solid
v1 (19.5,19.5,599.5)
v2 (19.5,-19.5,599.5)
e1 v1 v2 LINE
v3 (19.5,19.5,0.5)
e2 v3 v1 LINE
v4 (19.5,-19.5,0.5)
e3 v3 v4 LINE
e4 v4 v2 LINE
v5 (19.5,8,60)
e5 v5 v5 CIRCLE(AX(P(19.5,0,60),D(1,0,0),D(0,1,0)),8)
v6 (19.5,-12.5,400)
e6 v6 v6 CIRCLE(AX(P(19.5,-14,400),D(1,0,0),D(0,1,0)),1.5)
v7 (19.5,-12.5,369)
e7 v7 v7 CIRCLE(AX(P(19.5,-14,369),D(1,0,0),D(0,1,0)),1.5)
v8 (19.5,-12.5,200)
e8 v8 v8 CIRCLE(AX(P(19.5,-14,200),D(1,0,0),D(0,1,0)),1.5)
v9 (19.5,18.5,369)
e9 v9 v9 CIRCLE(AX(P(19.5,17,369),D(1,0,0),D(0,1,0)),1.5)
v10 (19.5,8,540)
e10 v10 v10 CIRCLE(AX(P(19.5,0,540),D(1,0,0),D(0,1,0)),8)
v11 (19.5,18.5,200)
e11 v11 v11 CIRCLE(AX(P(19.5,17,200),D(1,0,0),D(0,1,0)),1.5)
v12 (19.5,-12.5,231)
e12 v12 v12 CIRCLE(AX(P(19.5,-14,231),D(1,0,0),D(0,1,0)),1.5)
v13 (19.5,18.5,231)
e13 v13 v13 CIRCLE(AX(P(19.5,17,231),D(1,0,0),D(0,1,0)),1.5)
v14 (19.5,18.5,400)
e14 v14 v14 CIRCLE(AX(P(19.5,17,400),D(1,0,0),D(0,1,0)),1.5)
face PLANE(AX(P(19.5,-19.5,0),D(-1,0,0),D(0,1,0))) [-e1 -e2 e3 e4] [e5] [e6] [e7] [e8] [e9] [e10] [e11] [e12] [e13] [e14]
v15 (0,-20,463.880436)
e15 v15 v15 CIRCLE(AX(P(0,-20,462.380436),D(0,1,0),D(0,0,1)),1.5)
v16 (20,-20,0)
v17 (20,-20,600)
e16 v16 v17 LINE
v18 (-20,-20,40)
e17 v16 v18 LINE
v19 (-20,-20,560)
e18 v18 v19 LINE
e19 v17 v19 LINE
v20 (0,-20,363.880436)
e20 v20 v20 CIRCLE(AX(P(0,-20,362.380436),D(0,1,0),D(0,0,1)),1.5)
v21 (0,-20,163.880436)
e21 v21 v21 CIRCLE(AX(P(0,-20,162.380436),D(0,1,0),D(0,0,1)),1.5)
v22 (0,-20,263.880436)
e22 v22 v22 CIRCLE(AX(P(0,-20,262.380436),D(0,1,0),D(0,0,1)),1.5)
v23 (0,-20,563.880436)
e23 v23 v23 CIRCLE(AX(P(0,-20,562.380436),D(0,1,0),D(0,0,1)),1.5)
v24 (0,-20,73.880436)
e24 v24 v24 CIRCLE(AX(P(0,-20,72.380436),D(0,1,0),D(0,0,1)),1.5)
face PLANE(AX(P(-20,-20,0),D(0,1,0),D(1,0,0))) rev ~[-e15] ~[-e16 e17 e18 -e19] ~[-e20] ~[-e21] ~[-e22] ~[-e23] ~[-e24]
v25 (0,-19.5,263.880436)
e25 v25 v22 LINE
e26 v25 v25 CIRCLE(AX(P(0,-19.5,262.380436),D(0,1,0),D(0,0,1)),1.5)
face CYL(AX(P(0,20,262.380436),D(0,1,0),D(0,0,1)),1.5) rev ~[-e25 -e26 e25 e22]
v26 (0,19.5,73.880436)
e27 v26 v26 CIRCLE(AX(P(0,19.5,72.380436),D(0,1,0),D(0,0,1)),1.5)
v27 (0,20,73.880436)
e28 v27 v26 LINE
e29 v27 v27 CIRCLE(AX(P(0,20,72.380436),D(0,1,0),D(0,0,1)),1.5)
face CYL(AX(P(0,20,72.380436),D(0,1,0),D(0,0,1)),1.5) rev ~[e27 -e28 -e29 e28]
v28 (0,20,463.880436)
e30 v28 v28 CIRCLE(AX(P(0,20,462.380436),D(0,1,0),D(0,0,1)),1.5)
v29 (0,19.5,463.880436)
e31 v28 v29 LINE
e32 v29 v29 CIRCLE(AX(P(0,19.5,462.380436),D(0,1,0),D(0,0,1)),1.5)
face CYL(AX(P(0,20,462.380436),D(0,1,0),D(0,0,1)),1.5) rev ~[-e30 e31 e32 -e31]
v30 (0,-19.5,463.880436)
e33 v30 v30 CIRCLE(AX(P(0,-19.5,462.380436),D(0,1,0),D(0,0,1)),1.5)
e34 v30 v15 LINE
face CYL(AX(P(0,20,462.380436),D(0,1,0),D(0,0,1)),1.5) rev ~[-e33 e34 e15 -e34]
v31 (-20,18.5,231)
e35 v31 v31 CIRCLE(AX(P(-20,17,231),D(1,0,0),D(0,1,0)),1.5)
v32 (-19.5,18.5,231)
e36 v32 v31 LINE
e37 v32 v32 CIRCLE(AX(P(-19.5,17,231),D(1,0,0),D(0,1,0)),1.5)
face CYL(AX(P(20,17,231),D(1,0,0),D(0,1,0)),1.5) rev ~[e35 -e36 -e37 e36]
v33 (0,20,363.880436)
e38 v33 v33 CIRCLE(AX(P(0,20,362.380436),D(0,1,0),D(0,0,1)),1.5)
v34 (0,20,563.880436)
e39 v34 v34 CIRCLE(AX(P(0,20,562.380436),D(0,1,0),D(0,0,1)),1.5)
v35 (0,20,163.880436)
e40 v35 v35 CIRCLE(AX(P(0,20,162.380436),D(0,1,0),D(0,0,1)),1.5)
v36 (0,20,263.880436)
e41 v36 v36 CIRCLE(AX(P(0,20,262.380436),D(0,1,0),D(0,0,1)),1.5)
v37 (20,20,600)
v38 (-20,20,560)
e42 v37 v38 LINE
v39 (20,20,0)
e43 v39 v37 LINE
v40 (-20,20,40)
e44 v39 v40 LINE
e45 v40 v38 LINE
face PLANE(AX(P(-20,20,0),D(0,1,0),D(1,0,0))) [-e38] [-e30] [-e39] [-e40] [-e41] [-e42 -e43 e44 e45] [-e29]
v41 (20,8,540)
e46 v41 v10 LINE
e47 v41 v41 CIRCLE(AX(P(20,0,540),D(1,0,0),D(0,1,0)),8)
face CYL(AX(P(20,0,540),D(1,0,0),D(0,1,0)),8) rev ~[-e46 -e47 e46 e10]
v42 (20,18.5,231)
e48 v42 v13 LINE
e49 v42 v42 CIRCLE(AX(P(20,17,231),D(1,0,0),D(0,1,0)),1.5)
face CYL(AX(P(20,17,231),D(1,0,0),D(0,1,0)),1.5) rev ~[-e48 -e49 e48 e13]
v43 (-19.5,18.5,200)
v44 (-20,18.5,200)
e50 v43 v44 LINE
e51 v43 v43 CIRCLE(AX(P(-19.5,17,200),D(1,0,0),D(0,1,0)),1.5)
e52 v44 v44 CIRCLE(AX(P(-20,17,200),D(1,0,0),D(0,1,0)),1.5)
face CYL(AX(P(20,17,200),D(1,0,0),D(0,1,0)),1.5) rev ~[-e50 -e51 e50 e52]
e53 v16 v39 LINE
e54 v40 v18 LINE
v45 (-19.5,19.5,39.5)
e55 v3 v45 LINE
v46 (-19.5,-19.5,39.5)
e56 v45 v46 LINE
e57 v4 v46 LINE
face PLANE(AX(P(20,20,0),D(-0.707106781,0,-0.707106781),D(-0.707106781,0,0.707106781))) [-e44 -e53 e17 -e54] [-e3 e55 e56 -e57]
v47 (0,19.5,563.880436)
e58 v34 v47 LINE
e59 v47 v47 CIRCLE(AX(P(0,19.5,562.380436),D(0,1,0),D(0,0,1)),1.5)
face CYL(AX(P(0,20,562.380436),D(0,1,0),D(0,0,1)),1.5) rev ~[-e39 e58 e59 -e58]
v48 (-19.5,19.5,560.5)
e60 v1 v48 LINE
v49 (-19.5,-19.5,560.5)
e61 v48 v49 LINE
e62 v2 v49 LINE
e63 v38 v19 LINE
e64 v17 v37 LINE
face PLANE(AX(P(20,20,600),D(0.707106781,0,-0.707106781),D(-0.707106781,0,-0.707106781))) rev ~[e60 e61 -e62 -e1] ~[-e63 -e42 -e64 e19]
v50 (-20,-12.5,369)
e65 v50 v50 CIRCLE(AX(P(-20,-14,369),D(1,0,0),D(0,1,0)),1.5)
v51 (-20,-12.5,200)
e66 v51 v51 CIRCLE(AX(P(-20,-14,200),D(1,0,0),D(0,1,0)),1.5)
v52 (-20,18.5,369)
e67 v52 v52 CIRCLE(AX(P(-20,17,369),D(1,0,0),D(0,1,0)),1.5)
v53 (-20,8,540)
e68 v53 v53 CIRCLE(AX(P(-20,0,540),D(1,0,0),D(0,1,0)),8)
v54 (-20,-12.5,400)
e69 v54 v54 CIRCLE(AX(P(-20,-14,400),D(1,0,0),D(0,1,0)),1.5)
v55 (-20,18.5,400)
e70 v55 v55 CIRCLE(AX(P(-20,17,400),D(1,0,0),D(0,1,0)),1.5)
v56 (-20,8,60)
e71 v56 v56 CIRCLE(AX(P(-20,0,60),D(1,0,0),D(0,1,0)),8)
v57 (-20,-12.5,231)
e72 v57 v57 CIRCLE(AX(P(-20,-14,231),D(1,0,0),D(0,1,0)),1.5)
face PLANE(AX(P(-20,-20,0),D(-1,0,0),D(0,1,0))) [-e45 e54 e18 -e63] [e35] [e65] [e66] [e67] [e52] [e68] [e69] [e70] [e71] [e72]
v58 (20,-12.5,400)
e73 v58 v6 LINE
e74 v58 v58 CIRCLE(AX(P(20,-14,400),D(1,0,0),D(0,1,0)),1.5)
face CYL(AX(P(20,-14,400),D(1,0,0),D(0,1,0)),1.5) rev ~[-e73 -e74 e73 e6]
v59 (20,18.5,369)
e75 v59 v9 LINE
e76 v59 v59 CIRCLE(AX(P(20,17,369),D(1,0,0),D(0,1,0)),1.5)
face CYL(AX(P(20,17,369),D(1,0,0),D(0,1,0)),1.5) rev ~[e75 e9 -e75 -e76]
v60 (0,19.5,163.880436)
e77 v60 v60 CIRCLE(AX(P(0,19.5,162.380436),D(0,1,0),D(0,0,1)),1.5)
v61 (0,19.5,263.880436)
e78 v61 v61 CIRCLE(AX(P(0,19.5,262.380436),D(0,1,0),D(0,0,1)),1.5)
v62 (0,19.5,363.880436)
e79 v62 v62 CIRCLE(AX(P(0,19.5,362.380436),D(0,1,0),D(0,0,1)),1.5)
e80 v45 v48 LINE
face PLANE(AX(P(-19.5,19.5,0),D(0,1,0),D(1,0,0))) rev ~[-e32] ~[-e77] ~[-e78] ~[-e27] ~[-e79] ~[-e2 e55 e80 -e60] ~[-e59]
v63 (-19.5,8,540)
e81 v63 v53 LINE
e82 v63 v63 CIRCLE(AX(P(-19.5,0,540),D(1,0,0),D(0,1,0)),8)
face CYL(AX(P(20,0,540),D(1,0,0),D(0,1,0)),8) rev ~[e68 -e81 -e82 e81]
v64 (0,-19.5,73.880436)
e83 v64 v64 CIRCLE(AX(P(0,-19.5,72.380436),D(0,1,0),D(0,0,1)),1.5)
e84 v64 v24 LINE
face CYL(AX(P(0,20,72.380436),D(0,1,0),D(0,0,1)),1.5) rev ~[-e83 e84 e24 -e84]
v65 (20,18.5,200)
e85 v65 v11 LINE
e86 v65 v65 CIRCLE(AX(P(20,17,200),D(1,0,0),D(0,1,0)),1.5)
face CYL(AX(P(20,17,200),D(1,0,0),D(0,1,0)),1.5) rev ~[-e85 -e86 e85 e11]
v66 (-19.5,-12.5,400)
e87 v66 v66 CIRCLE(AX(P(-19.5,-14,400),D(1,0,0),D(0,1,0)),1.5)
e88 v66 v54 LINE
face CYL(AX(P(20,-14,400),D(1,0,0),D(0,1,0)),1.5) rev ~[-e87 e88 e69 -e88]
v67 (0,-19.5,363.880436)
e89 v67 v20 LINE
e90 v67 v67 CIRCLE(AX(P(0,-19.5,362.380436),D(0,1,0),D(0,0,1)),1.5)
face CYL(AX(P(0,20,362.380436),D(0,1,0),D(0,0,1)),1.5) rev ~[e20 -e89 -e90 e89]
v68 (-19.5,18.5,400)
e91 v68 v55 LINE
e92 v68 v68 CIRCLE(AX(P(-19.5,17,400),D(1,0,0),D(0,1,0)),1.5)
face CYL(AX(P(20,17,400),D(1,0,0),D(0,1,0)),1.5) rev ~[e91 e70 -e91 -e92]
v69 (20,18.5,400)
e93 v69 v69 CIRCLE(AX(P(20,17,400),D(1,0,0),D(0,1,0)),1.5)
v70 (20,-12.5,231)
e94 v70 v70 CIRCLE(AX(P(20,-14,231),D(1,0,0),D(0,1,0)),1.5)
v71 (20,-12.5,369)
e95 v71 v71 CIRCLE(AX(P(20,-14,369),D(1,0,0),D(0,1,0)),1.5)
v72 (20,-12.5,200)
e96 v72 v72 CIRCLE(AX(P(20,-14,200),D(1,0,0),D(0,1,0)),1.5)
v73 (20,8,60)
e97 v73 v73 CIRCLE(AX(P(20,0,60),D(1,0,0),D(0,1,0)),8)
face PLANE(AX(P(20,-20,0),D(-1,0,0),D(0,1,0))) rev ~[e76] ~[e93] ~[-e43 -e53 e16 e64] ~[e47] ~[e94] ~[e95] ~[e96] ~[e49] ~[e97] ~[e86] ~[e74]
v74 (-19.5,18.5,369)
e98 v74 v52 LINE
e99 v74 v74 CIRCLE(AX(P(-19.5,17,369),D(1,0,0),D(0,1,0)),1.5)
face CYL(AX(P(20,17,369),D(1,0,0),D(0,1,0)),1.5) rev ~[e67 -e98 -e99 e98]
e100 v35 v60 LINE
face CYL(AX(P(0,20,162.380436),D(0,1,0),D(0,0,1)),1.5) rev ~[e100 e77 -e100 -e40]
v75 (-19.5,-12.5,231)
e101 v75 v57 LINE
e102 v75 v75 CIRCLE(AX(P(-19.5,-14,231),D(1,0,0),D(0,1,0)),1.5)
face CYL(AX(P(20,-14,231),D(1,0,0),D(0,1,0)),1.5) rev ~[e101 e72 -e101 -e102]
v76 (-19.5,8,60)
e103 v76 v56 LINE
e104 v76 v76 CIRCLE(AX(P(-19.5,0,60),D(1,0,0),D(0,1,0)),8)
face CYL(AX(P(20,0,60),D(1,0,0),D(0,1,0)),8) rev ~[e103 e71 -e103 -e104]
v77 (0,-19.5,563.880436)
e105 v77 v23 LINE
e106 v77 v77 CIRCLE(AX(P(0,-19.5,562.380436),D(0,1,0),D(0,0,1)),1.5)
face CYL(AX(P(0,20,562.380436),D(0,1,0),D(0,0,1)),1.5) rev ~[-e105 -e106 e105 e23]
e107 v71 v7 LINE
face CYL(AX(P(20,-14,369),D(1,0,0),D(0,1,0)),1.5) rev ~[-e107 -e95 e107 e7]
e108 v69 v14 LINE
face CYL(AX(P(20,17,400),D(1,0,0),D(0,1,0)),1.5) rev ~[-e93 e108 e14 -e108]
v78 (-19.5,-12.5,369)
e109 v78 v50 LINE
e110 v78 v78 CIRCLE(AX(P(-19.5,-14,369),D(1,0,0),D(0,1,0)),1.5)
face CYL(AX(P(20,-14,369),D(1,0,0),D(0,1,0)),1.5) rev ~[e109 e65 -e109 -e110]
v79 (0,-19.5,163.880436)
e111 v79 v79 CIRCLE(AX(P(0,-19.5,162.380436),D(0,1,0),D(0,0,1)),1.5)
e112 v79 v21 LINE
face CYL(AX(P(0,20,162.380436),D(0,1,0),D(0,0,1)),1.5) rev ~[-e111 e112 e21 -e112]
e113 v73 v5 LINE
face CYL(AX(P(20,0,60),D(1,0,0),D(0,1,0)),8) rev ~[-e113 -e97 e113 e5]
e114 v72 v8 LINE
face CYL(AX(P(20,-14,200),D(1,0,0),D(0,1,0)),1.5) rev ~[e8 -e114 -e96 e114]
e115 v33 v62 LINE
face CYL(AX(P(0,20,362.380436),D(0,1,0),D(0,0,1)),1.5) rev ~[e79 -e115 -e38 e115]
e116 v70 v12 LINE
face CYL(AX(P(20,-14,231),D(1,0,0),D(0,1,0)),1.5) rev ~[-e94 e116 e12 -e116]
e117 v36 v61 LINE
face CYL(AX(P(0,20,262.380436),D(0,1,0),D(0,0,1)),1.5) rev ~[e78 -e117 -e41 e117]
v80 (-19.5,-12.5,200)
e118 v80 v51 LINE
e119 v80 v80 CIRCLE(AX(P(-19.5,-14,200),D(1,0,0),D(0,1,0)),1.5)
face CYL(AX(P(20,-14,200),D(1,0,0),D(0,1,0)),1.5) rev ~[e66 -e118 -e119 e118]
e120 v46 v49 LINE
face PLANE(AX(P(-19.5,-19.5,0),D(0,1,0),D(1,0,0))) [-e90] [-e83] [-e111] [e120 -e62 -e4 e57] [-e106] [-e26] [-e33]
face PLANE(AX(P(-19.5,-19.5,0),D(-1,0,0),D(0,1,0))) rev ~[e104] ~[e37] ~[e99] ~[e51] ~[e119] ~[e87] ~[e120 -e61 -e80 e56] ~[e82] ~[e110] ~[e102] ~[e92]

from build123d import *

# Parameters (mm, degrees)
CROQUIS1_W              = 40
CROQUIS1_H              = 40
CROQUIS1_W_2            = 39
CROQUIS1_H_2            = 39
SALIENTE_EXTRUIR2_DEPTH = 600
CORTAR_EXTRUIR2_DEPTH   = 600
CORTAR_EXTRUIR1_DEPTH   = 600
CROQUIS7_R              = 8
CORTAR_EXTRUIR3_DEPTH   = 550
CROQUIS8_R              = 8
CORTAR_EXTRUIR4_DEPTH   = 550
CROQUIS9_R              = 1.5
CORTAR_EXTRUIR5_DEPTH   = 550
CROQUIS10_R             = 1.5
CORTAR_EXTRUIR6_DEPTH   = 550


with BuildPart() as part:
    # Croquis1 → Saliente-Extruir2 (new body)
    with BuildSketch(Plane.XY):
        Rectangle(CROQUIS1_W, CROQUIS1_H)
        Rectangle(CROQUIS1_W_2, CROQUIS1_H_2, mode=Mode.SUBTRACT)
    extrude(amount=SALIENTE_EXTRUIR2_DEPTH)

    # Croquis6 → Cortar-Extruir2 (cut)
    with BuildSketch(Plane(origin=(0, 20, 0), x_dir=(1, 0, 0), z_dir=(0, 1, 0))):
        Polygon((20, -600), (-20, -560), (-20, -600), align=None)
    extrude(amount=-CORTAR_EXTRUIR2_DEPTH, mode=Mode.SUBTRACT)

    # Croquis5 → Cortar-Extruir1 (cut)
    with BuildSketch(Plane(origin=(0, 20, 0), x_dir=(1, 0, 0), z_dir=(0, 1, 0))):
        Polygon((20, 0), (-20, -40), (-20, 0), align=None)
    extrude(amount=-CORTAR_EXTRUIR1_DEPTH, mode=Mode.SUBTRACT)

    # Croquis7 → Cortar-Extruir3 (cut)
    with BuildSketch(Plane(origin=(20, 0, 0), x_dir=(0, 0, -1), z_dir=(1, 0, 0))):
        with Locations(Location((-540, 0, 0), (0, 0, 90))):
            Circle(CROQUIS7_R)
    extrude(amount=-CORTAR_EXTRUIR3_DEPTH, mode=Mode.SUBTRACT)

    # Croquis8 → Cortar-Extruir4 (cut)
    with BuildSketch(Plane(origin=(20, 0, 0), x_dir=(0, 0, -1), z_dir=(1, 0, 0))):
        with Locations(Location((-60, 0, 0), (0, 0, 90))):
            Circle(CROQUIS8_R)
    extrude(amount=-CORTAR_EXTRUIR4_DEPTH, mode=Mode.SUBTRACT)

    # Croquis9 → Cortar-Extruir5 (cut)
    with BuildSketch(Plane(origin=(0, 20, 0), x_dir=(1, 0, 0), z_dir=(0, 1, 0))):
        with Locations(Location((0, -562.380435737, 0), (0, 0, 270))):
            Circle(CROQUIS9_R)
        with Locations(Location((0, -462.380435737, 0), (0, 0, 270))):
            Circle(CROQUIS9_R)
        with Locations(Location((0, -362.380435737, 0), (0, 0, 270))):
            Circle(CROQUIS9_R)
        with Locations(Location((0, -262.380435737, 0), (0, 0, 270))):
            Circle(CROQUIS9_R)
        with Locations(Location((0, -162.380435737, 0), (0, 0, 270))):
            Circle(CROQUIS9_R)
        with Locations(Location((0, -72.380435737, 0), (0, 0, 270))):
            Circle(CROQUIS9_R)
    extrude(amount=-CORTAR_EXTRUIR5_DEPTH, mode=Mode.SUBTRACT)

    # Croquis10 → Cortar-Extruir6 (cut)
    with BuildSketch(Plane(origin=(20, 0, 0), x_dir=(0, 0, -1), z_dir=(1, 0, 0))):
        with Locations(Location((-200, 17, 0), (0, 0, 90))):
            Circle(CROQUIS10_R)
        with Locations(Location((-231, 17, 0), (0, 0, 90))):
            Circle(CROQUIS10_R)
        with Locations(Location((-200, -14, 0), (0, 0, 90))):
            Circle(CROQUIS10_R)
        with Locations(Location((-231, -14, 0), (0, 0, 90))):
            Circle(CROQUIS10_R)
        with Locations(Location((-369, 17, 0), (0, 0, 90))):
            Circle(CROQUIS10_R)
        with Locations(Location((-400, 17, 0), (0, 0, 90))):
            Circle(CROQUIS10_R)
        with Locations(Location((-369, -14, 0), (0, 0, 90))):
            Circle(CROQUIS10_R)
        with Locations(Location((-400, -14, 0), (0, 0, 90))):
            Circle(CROQUIS10_R)
    extrude(amount=-CORTAR_EXTRUIR6_DEPTH, mode=Mode.SUBTRACT)


solid = part.part
